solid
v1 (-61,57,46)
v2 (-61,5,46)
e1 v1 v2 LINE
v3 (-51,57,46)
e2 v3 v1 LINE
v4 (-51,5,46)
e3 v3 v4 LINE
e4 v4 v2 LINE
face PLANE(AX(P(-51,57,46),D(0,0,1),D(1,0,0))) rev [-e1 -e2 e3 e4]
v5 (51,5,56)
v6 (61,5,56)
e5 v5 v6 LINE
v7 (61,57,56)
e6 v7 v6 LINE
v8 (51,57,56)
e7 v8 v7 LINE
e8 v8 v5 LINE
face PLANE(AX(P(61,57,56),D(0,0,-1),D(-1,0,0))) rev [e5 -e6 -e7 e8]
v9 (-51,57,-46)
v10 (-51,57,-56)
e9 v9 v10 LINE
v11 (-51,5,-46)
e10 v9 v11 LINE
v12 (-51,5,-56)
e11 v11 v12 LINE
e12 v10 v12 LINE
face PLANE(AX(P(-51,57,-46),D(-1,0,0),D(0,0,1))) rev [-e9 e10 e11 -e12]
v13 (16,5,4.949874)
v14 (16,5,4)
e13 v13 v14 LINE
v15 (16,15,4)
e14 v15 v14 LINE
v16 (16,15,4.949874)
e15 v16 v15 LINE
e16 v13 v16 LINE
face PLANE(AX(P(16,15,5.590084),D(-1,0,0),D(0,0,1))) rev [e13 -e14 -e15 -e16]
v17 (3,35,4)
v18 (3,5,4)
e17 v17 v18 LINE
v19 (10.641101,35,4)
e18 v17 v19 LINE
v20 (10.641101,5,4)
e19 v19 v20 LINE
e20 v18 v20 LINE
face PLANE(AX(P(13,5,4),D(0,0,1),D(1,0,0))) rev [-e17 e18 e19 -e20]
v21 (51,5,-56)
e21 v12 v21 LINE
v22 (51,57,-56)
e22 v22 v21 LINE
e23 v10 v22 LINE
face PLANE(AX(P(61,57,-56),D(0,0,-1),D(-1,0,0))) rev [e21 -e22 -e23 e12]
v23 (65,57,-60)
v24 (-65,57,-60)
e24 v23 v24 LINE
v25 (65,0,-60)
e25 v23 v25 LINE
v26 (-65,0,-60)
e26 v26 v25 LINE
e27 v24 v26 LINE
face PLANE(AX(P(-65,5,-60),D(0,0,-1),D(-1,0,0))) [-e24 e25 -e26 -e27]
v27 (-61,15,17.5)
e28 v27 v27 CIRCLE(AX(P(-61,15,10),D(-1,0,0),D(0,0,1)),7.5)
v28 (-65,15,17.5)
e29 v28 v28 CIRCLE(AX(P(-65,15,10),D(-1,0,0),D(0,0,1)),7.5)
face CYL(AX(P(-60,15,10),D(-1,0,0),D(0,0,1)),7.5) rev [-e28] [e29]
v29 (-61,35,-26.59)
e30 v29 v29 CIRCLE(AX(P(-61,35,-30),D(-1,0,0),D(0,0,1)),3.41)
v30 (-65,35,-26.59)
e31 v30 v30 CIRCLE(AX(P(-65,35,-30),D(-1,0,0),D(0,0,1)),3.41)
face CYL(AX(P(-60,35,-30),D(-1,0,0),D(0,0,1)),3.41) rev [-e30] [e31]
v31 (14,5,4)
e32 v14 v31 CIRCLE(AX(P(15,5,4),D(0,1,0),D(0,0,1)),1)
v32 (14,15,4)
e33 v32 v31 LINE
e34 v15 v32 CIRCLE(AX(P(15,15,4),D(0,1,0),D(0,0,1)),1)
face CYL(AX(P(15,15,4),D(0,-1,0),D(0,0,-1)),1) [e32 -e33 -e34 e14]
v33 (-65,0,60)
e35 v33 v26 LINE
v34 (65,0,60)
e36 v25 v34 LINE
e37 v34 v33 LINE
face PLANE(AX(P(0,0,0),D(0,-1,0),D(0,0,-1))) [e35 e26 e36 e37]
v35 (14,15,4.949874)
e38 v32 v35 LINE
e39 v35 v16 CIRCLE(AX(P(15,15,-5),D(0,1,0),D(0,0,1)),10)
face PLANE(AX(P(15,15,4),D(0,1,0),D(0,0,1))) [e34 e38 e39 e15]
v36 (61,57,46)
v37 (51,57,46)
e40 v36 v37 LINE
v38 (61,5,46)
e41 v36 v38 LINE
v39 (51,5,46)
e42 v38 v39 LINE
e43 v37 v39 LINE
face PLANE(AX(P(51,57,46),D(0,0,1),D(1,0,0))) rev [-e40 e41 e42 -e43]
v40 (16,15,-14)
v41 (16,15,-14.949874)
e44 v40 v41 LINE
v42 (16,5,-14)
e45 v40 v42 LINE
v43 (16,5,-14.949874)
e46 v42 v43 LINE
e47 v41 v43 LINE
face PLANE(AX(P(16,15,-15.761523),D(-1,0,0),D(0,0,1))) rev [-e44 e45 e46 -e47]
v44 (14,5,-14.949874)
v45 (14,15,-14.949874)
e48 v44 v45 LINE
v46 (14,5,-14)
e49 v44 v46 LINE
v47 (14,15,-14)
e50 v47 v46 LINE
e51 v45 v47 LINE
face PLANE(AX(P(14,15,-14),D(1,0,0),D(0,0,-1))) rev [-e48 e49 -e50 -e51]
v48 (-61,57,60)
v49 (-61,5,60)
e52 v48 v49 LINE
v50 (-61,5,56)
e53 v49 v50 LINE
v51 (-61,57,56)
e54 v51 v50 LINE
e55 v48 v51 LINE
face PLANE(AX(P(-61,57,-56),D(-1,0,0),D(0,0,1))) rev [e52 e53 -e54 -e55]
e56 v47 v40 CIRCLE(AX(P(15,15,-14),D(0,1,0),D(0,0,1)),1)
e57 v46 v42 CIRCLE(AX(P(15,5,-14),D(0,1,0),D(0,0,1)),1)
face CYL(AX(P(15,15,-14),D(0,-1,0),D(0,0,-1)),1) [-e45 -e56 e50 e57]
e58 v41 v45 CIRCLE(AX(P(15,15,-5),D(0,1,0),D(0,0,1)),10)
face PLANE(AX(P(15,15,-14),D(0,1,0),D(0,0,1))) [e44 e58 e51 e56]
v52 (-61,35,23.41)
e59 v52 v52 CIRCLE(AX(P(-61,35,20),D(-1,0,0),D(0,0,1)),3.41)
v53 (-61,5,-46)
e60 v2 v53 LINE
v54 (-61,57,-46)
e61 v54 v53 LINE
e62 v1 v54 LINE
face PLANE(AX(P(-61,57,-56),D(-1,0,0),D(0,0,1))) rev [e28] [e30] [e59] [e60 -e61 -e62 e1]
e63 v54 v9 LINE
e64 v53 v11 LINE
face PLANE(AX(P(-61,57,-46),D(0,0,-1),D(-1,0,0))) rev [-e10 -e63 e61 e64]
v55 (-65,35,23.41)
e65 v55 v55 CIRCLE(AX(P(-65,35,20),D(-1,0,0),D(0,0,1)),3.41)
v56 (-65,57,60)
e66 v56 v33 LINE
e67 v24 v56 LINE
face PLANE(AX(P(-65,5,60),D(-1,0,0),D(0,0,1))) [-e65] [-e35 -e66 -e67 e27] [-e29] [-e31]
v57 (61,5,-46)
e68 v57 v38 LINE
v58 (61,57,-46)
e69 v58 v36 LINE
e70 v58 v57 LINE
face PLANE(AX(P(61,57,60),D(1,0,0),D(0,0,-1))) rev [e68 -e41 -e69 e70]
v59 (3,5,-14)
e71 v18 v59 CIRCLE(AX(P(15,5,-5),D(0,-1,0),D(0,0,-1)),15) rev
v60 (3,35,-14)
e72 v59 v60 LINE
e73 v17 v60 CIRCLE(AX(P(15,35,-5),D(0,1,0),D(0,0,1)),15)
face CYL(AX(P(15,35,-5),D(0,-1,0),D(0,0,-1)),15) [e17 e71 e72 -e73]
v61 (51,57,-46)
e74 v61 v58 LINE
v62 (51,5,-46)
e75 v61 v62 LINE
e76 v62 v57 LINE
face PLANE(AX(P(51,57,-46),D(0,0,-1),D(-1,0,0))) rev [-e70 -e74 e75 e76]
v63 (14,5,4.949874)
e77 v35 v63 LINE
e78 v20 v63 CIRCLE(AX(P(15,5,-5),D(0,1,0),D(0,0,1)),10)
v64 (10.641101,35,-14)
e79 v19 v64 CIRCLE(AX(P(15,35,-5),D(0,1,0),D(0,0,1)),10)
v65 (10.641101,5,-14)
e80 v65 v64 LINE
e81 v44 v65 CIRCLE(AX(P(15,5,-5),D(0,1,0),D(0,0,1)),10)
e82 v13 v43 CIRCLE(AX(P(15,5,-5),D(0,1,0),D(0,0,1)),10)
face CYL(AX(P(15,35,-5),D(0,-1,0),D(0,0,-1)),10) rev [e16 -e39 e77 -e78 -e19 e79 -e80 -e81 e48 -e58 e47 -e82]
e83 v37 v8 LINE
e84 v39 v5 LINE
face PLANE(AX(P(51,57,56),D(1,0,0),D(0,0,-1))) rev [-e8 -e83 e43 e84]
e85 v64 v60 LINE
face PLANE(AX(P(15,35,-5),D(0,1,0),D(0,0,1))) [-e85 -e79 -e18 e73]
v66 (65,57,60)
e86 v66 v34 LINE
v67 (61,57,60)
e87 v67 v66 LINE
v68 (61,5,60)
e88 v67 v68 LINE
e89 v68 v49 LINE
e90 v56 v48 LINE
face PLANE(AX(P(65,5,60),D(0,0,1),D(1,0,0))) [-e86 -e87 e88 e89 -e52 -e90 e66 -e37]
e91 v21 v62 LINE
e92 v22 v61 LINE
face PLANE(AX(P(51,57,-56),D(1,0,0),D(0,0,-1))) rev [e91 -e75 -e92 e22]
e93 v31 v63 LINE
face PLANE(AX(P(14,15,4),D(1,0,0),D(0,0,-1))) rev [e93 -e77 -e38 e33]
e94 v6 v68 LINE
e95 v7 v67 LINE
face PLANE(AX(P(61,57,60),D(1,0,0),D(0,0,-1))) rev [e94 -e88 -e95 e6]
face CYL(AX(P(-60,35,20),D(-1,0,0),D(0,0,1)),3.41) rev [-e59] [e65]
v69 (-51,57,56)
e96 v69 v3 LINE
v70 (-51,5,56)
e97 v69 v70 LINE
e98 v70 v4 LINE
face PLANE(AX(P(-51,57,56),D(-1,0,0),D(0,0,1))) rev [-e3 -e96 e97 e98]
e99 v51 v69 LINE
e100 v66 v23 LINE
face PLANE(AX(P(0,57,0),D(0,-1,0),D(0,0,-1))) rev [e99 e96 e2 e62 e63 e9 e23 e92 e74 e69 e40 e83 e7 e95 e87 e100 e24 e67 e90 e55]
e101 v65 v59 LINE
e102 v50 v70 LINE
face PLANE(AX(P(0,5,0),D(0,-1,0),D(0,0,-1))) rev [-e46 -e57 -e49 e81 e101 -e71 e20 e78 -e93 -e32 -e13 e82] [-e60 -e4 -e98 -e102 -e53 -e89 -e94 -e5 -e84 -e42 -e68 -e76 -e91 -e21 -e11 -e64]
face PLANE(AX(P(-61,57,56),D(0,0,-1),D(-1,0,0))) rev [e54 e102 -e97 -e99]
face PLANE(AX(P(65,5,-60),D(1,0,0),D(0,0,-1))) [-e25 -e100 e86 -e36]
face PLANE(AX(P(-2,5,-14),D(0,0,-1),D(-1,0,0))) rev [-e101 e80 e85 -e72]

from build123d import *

# Parameters (mm, degrees)
SKETCH4_W           = 130
SKETCH4_H           = 120
BOSS_EXTRUDE1_DEPTH = 5
BOSS_EXTRUDE2_DEPTH = 52
SKETCH6_W           = 10
SKETCH6_H           = 10
BOSS_EXTRUDE3_DEPTH = 52
SKETCH7_R           = 7.5
CUT_EXTRUDE1_DEPTH  = 5
SKETCH8_R           = 15
SKETCH8_R_2         = 10
BOSS_EXTRUDE4_DEPTH = 30
BOSS_EXTRUDE5_DEPTH = 10
SKETCH10_W          = 15
SKETCH10_H          = 18
CUT_EXTRUDE2_DEPTH  = 30
SKETCH11_R          = 3.41
CUT_EXTRUDE3_DEPTH  = 5


with BuildPart() as part:
    # Sketch4 → Boss-Extrude1 (new body)
    with BuildSketch(Plane(origin=(0, 0, 0), x_dir=(1, 0, 0), z_dir=(0, 1, 0))):
        Rectangle(SKETCH4_W, SKETCH4_H)
    extrude(amount=BOSS_EXTRUDE1_DEPTH)

    # Sketch5 → Boss-Extrude2 (add)
    with BuildSketch(Plane(origin=(0, 5, 0), x_dir=(1, 0, 0), z_dir=(0, 1, 0))):
        Polygon((-65, -60), (-65, 60), (65, 60), (65, -60), (61, -60), (61, 56), (-61, 56), (-61, -60), align=None)
    extrude(amount=BOSS_EXTRUDE2_DEPTH)

    # Sketch6 → Boss-Extrude3 (add)
    with BuildSketch(Plane(origin=(0, 5, 0), x_dir=(1, 0, 0), z_dir=(0, 1, 0))):
        with Locations((-56, 51)):
            Rectangle(SKETCH6_W, SKETCH6_H)
        with Locations((56, 51)):
            Rectangle(SKETCH6_W, SKETCH6_H)
        with Locations((56, -51)):
            Rectangle(SKETCH6_W, SKETCH6_H)
        with Locations((-56, -51)):
            Rectangle(SKETCH6_W, SKETCH6_H)
    extrude(amount=BOSS_EXTRUDE3_DEPTH)

    # Sketch7 → Cut-Extrude1 (cut)
    with BuildSketch(Plane.ZY.offset(65)):
        with Locations((10, 15)):
            Circle(SKETCH7_R)
    extrude(amount=-CUT_EXTRUDE1_DEPTH, mode=Mode.SUBTRACT)

    # Sketch8 → Boss-Extrude4 (add)
    with BuildSketch(Plane(origin=(0, 5, 0), x_dir=(1, 0, 0), z_dir=(0, 1, 0))):
        with Locations(Location((15, 5, 0), (0, 0, 90))):
            Circle(SKETCH8_R)
        with Locations(Location((15, 5, 0), (0, 0, 270))):
            Circle(SKETCH8_R_2, mode=Mode.SUBTRACT)
    extrude(amount=BOSS_EXTRUDE4_DEPTH)

    # Sketch9 → Boss-Extrude5 (add)
    with BuildSketch(Plane(origin=(0, 5, 0), x_dir=(1, 0, 0), z_dir=(0, 1, 0))):
        with BuildLine():
            Line((14, -4), (14, -5.590084182))
            Line((14, -5.590084182), (16, -5.590084182))
            Line((16, -5.590084182), (16, -4))
            ThreePointArc((16, -4), (15, -3), (14, -4))
        make_face()
        with BuildLine():
            Line((14, 14), (14, 15.761522781))
            Line((14, 15.761522781), (16, 15.761522781))
            Line((16, 15.761522781), (16, 14))
            ThreePointArc((16, 14), (15, 13), (14, 14))
        make_face()
    extrude(amount=BOSS_EXTRUDE5_DEPTH)

    # Sketch10 → Cut-Extrude2 (cut)
    with BuildSketch(Plane(origin=(0, 35, 0), x_dir=(1, 0, 0), z_dir=(0, 1, 0))):
        with Locations((5.5, 5)):
            Rectangle(SKETCH10_W, SKETCH10_H)
    extrude(amount=-CUT_EXTRUDE2_DEPTH, mode=Mode.SUBTRACT)

    # Sketch11 → Cut-Extrude3 (cut)
    with BuildSketch(Plane.ZY.offset(65)):
        with Locations((-30, 35)):
            Circle(SKETCH11_R)
        with Locations((20, 35)):
            Circle(SKETCH11_R)
    extrude(amount=-CUT_EXTRUDE3_DEPTH, mode=Mode.SUBTRACT)


solid = part.part
